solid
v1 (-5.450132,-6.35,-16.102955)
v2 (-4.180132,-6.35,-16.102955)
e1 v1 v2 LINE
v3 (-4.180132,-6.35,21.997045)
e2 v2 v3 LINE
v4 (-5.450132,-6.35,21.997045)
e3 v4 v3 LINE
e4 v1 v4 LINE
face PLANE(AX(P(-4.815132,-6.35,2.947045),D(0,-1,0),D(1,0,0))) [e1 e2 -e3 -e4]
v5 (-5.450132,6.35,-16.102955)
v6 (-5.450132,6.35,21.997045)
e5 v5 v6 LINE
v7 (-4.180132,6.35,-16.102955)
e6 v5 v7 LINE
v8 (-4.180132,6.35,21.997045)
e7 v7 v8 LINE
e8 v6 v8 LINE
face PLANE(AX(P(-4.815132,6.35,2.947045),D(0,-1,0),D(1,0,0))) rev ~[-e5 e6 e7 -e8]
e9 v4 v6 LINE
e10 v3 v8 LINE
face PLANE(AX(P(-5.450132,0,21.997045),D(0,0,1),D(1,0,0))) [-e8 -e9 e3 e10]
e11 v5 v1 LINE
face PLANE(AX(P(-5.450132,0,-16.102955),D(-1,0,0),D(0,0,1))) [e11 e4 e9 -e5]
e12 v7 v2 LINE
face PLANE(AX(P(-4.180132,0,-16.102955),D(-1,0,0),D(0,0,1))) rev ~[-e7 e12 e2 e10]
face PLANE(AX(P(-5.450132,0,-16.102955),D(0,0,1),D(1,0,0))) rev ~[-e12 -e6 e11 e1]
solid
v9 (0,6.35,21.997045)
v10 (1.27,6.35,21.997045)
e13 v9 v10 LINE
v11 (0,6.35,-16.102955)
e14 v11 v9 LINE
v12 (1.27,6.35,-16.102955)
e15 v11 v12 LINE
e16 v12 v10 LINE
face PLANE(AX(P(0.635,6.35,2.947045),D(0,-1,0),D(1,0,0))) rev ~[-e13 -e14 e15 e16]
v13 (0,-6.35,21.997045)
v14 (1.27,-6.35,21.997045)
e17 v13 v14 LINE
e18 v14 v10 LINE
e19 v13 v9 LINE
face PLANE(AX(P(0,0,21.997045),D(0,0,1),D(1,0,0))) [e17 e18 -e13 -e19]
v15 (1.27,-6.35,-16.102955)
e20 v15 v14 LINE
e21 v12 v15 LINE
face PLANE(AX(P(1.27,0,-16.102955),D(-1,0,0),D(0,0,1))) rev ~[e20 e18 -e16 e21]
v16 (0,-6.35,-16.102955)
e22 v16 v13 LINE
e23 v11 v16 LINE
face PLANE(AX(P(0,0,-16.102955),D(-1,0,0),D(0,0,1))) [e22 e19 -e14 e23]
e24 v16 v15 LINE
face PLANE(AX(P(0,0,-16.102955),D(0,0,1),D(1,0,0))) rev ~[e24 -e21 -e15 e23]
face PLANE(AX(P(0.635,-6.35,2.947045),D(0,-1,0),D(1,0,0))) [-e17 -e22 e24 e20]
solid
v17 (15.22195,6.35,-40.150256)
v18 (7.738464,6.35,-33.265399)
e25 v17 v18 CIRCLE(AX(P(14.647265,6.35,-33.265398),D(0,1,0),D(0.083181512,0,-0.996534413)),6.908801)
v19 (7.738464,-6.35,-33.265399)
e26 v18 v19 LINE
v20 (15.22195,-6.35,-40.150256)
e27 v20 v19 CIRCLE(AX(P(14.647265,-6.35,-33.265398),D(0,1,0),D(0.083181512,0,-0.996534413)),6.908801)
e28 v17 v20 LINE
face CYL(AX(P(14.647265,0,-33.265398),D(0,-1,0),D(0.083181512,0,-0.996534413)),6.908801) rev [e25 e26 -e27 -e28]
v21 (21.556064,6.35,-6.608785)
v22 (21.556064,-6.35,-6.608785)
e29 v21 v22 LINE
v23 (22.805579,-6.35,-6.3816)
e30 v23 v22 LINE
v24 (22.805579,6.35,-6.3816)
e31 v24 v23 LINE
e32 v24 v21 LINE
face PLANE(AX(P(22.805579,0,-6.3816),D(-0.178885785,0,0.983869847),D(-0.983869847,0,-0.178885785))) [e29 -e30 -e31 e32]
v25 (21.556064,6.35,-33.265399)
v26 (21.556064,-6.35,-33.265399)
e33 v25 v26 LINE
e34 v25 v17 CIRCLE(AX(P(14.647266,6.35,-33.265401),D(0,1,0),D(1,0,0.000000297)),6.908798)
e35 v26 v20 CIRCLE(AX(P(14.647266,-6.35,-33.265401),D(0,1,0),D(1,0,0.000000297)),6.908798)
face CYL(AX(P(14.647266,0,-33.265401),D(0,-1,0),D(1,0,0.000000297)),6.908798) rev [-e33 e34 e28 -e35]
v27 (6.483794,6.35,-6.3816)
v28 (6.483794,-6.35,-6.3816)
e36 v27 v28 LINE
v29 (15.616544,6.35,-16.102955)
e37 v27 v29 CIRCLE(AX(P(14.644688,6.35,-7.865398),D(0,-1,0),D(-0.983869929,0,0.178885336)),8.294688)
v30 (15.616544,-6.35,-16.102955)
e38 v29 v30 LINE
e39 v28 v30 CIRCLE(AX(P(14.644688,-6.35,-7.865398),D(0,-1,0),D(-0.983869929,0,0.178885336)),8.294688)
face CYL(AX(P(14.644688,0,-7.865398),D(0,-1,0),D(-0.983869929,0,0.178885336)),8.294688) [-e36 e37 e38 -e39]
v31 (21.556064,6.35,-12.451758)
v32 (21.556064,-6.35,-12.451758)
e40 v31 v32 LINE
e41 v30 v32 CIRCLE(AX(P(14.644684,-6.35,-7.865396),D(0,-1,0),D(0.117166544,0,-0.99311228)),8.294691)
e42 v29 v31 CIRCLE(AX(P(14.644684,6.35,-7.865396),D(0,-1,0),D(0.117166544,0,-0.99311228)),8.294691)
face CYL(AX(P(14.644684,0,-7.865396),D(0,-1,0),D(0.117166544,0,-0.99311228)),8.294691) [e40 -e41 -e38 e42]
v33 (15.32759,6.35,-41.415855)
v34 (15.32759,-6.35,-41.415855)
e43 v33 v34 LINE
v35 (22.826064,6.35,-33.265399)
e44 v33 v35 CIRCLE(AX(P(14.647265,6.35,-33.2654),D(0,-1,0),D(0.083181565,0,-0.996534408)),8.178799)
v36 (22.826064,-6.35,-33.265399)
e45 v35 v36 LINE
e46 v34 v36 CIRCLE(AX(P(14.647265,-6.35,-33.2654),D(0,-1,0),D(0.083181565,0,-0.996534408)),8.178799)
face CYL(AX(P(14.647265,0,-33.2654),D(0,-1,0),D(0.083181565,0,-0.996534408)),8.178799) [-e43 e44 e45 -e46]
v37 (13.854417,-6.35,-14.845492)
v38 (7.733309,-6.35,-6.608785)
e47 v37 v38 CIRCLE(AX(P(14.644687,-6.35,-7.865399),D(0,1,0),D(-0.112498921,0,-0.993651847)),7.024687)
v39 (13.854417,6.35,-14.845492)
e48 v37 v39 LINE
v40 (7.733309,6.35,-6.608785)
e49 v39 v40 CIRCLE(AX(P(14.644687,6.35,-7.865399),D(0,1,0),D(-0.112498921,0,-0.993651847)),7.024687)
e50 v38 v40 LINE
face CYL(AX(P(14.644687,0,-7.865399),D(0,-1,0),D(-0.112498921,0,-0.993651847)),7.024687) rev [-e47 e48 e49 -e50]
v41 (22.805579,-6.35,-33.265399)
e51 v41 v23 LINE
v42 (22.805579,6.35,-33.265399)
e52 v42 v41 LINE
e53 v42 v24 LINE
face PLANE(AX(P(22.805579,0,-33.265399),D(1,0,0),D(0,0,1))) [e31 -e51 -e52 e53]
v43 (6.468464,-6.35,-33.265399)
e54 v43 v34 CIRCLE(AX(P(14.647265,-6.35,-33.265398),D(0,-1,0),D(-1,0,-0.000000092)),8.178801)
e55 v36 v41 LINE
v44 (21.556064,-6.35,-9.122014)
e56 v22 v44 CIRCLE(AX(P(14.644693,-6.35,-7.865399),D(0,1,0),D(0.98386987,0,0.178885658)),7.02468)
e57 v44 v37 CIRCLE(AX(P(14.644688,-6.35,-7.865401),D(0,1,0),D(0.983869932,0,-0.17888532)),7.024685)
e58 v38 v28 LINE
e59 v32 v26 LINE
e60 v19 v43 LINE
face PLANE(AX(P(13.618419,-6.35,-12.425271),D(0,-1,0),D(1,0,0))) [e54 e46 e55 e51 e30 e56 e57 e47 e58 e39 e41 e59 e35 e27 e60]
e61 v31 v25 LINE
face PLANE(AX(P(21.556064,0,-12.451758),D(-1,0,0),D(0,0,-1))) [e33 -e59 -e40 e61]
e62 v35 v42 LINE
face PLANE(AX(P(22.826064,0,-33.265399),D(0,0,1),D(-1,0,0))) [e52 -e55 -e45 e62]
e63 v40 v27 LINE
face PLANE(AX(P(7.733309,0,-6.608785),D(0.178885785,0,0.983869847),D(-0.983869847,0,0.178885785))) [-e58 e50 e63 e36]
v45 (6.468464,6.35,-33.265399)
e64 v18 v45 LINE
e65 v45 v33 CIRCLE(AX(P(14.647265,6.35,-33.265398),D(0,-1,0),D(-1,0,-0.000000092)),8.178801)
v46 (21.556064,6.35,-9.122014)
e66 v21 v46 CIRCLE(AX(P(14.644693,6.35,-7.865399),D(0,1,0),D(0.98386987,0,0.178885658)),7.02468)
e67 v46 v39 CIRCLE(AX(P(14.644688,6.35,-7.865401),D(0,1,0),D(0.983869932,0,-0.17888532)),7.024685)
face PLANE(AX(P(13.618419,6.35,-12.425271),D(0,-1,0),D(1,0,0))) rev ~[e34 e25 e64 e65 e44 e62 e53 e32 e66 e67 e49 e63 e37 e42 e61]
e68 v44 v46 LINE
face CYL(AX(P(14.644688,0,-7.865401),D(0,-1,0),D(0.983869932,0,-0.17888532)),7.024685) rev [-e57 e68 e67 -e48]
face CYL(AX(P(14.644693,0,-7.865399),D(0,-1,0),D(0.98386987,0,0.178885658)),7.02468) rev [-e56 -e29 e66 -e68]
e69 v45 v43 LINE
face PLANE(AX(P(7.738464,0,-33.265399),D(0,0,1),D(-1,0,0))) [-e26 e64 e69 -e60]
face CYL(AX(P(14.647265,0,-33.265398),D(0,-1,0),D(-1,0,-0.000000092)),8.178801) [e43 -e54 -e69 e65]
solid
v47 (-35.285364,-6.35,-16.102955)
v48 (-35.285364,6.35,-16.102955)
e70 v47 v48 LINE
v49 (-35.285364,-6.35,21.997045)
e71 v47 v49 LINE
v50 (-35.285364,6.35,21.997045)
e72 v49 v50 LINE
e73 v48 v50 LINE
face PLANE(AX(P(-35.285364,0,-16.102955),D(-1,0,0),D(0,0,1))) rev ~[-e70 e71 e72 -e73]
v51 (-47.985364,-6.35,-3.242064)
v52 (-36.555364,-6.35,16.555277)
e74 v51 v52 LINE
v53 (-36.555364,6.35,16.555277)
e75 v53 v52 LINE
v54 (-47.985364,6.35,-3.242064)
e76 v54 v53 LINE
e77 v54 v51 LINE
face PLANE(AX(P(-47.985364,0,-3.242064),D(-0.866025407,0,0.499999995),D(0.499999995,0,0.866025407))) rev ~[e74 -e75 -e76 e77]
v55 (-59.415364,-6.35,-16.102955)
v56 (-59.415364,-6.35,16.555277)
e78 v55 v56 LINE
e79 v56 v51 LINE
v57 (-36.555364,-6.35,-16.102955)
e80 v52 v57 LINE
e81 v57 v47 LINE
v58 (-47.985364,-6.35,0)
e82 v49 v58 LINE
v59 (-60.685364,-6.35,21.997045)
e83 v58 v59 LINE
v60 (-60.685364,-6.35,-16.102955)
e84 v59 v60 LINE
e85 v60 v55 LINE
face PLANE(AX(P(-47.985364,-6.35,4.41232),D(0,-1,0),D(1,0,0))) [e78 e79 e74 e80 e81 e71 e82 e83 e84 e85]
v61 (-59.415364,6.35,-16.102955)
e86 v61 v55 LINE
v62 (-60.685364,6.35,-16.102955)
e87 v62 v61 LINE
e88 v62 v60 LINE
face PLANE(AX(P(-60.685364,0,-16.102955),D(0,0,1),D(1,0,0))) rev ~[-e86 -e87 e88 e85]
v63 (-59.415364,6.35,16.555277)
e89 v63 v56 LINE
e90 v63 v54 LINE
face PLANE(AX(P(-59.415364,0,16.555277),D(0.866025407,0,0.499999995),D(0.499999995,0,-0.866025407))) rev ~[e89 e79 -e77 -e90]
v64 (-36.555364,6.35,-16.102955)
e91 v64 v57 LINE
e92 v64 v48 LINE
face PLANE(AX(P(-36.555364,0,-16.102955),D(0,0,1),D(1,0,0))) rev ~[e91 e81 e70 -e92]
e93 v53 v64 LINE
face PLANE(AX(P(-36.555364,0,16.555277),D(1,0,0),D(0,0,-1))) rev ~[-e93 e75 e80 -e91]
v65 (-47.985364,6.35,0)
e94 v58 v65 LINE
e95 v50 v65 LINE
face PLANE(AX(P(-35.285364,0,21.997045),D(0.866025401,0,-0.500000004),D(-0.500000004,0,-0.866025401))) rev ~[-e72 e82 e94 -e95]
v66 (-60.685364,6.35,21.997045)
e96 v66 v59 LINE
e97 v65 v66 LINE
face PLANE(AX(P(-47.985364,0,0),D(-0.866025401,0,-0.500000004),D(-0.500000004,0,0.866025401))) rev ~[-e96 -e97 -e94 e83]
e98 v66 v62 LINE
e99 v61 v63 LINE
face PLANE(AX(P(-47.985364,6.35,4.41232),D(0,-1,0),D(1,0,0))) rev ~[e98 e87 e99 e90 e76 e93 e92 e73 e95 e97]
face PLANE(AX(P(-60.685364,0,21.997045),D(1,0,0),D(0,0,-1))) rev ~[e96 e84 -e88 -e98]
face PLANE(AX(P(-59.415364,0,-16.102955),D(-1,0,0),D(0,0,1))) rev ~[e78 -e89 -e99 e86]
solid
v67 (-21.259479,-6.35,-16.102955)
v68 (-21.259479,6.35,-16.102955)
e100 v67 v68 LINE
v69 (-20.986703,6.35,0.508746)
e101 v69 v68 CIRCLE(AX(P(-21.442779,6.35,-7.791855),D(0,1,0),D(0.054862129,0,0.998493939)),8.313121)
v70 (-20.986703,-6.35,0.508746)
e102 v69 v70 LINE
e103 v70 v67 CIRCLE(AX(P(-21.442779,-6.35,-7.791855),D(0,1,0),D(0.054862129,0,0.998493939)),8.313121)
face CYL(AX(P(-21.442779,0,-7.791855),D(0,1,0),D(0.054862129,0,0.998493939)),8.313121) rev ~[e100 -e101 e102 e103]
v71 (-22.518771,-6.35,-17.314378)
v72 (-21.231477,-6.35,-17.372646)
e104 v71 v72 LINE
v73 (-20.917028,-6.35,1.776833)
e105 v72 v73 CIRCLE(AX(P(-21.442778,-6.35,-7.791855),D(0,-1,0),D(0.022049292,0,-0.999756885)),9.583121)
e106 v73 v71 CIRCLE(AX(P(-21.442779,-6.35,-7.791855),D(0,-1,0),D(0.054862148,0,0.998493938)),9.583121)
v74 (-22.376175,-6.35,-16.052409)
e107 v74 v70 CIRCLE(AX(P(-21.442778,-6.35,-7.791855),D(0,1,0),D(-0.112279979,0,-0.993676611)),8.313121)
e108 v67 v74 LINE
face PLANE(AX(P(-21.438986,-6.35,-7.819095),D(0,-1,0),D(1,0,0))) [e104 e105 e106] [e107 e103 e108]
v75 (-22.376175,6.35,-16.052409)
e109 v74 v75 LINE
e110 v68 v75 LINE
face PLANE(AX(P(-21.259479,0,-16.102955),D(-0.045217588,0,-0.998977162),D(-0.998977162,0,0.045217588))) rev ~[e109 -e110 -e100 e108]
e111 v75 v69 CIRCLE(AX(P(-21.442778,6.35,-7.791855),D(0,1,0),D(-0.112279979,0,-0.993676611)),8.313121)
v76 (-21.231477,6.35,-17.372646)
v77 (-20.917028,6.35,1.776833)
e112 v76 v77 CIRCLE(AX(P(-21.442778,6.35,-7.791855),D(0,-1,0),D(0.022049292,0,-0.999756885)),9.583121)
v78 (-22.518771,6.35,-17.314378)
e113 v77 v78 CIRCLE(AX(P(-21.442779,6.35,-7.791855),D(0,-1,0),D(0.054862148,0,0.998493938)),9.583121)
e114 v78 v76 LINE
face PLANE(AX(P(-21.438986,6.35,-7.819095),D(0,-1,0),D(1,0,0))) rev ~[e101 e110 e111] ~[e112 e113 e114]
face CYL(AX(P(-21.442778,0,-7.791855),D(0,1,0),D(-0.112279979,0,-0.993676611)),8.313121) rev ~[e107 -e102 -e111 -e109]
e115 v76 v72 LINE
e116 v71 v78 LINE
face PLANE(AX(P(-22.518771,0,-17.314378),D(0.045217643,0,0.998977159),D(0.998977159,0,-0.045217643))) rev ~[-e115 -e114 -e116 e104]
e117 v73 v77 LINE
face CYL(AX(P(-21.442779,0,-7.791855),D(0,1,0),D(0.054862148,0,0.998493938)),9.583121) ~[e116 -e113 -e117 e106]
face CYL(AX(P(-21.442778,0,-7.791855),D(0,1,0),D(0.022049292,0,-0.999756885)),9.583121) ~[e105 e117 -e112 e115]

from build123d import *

# Parameters (mm, degrees)
F0_W     = 1.27
F0_H     = 38.1
F1_DEPTH = 6.35


with BuildPart() as f1:
    # F0 (on Front) → F1 (new body, symmetric)
    with BuildSketch(Plane.XZ):
        with BuildLine():
            Line((-22.518771, -17.314378), (-21.231477, -17.372646))
            ThreePointArc((-21.231477, -17.372646), (-11.860949, -7.949196), (-20.917028, 1.776833))
            ThreePointArc((-20.917028, 1.776833), (-30.992348, -6.990651), (-22.518771, -17.314378))
        make_face()
        with BuildLine():
            ThreePointArc((-20.986703, 0.508746), (-13.130778, -7.928344), (-21.259479, -16.102955))
            Line((-21.259479, -16.102955), (-22.376175, -16.052409))
            ThreePointArc((-22.376175, -16.052409), (-29.726794, -7.09683), (-20.986703, 0.508746))
        make_face(mode=Mode.SUBTRACT)
        Polygon((-47.985364, 0), (-60.685364, 21.997045), (-60.685364, -16.102955), (-59.415364, -16.102955), (-59.415364, 16.555277), (-47.985364, -3.242064), (-36.555364, 16.555277), (-36.555364, -16.102955), (-35.285364, -16.102955), (-35.285364, 21.997045), align=None)
        with Locations((-4.815132, 2.947045)):
            Rectangle(F0_W, F0_H)
        with Locations((0.635, 2.947045)):
            Rectangle(F0_W, F0_H)
        with BuildLine():
            ThreePointArc((6.483794, -6.3816), (8.599297, -13.544755), (15.616544, -16.102955))
            ThreePointArc((15.616544, -16.102955), (18.988551, -14.931704), (21.556064, -12.451758))
            Line((21.556064, -12.451758), (21.556064, -9.122014))
            ThreePointArc((21.556064, -9.122014), (18.83474, -13.503633), (13.854417, -14.845492))
            ThreePointArc((13.854417, -14.845492), (9.006453, -12.055452), (7.733309, -6.608785))
            Line((7.733309, -6.608785), (6.483794, -6.3816))
        make_face()
        with BuildLine():
            Line((21.556064, -9.122014), (21.556064, -12.451758))
            ThreePointArc((21.556064, -12.451758), (22.338827, -10.964113), (22.805579, -9.349198))
            Line((22.805579, -9.349198), (22.805579, -6.3816))
            Line((22.805579, -6.3816), (21.556064, -6.608785))
            ThreePointArc((21.556064, -6.608785), (21.669373, -7.865399), (21.556064, -9.122014))
        make_face()
        with BuildLine():
            ThreePointArc((22.805579, -9.349198), (22.338827, -10.964113), (21.556064, -12.451758))
            Line((21.556064, -12.451758), (21.556064, -33.265399))
            Line((21.556064, -33.265399), (22.805579, -33.265399))
            Line((22.805579, -33.265399), (22.805579, -9.349198))
        make_face()
        with BuildLine():
            Line((22.805579, -33.265399), (21.556064, -33.265399))
            ThreePointArc((21.556064, -33.265399), (19.731648, -37.943066), (15.22195, -40.150256))
            Line((15.22195, -40.150256), (15.32759, -41.415855))
            ThreePointArc((15.32759, -41.415855), (20.666277, -38.802931), (22.826064, -33.265399))
            Line((22.826064, -33.265399), (22.805579, -33.265399))
        make_face()
        with BuildLine():
            Line((15.32759, -41.415855), (15.22195, -40.150256))
            ThreePointArc((15.22195, -40.150256), (9.969598, -38.349782), (7.738464, -33.265399))
            Line((7.738464, -33.265399), (6.468464, -33.265399))
            ThreePointArc((6.468464, -33.265399), (9.109732, -39.284411), (15.32759, -41.415855))
        make_face()
    extrude(amount=F1_DEPTH, both=True)


solid = f1.part
